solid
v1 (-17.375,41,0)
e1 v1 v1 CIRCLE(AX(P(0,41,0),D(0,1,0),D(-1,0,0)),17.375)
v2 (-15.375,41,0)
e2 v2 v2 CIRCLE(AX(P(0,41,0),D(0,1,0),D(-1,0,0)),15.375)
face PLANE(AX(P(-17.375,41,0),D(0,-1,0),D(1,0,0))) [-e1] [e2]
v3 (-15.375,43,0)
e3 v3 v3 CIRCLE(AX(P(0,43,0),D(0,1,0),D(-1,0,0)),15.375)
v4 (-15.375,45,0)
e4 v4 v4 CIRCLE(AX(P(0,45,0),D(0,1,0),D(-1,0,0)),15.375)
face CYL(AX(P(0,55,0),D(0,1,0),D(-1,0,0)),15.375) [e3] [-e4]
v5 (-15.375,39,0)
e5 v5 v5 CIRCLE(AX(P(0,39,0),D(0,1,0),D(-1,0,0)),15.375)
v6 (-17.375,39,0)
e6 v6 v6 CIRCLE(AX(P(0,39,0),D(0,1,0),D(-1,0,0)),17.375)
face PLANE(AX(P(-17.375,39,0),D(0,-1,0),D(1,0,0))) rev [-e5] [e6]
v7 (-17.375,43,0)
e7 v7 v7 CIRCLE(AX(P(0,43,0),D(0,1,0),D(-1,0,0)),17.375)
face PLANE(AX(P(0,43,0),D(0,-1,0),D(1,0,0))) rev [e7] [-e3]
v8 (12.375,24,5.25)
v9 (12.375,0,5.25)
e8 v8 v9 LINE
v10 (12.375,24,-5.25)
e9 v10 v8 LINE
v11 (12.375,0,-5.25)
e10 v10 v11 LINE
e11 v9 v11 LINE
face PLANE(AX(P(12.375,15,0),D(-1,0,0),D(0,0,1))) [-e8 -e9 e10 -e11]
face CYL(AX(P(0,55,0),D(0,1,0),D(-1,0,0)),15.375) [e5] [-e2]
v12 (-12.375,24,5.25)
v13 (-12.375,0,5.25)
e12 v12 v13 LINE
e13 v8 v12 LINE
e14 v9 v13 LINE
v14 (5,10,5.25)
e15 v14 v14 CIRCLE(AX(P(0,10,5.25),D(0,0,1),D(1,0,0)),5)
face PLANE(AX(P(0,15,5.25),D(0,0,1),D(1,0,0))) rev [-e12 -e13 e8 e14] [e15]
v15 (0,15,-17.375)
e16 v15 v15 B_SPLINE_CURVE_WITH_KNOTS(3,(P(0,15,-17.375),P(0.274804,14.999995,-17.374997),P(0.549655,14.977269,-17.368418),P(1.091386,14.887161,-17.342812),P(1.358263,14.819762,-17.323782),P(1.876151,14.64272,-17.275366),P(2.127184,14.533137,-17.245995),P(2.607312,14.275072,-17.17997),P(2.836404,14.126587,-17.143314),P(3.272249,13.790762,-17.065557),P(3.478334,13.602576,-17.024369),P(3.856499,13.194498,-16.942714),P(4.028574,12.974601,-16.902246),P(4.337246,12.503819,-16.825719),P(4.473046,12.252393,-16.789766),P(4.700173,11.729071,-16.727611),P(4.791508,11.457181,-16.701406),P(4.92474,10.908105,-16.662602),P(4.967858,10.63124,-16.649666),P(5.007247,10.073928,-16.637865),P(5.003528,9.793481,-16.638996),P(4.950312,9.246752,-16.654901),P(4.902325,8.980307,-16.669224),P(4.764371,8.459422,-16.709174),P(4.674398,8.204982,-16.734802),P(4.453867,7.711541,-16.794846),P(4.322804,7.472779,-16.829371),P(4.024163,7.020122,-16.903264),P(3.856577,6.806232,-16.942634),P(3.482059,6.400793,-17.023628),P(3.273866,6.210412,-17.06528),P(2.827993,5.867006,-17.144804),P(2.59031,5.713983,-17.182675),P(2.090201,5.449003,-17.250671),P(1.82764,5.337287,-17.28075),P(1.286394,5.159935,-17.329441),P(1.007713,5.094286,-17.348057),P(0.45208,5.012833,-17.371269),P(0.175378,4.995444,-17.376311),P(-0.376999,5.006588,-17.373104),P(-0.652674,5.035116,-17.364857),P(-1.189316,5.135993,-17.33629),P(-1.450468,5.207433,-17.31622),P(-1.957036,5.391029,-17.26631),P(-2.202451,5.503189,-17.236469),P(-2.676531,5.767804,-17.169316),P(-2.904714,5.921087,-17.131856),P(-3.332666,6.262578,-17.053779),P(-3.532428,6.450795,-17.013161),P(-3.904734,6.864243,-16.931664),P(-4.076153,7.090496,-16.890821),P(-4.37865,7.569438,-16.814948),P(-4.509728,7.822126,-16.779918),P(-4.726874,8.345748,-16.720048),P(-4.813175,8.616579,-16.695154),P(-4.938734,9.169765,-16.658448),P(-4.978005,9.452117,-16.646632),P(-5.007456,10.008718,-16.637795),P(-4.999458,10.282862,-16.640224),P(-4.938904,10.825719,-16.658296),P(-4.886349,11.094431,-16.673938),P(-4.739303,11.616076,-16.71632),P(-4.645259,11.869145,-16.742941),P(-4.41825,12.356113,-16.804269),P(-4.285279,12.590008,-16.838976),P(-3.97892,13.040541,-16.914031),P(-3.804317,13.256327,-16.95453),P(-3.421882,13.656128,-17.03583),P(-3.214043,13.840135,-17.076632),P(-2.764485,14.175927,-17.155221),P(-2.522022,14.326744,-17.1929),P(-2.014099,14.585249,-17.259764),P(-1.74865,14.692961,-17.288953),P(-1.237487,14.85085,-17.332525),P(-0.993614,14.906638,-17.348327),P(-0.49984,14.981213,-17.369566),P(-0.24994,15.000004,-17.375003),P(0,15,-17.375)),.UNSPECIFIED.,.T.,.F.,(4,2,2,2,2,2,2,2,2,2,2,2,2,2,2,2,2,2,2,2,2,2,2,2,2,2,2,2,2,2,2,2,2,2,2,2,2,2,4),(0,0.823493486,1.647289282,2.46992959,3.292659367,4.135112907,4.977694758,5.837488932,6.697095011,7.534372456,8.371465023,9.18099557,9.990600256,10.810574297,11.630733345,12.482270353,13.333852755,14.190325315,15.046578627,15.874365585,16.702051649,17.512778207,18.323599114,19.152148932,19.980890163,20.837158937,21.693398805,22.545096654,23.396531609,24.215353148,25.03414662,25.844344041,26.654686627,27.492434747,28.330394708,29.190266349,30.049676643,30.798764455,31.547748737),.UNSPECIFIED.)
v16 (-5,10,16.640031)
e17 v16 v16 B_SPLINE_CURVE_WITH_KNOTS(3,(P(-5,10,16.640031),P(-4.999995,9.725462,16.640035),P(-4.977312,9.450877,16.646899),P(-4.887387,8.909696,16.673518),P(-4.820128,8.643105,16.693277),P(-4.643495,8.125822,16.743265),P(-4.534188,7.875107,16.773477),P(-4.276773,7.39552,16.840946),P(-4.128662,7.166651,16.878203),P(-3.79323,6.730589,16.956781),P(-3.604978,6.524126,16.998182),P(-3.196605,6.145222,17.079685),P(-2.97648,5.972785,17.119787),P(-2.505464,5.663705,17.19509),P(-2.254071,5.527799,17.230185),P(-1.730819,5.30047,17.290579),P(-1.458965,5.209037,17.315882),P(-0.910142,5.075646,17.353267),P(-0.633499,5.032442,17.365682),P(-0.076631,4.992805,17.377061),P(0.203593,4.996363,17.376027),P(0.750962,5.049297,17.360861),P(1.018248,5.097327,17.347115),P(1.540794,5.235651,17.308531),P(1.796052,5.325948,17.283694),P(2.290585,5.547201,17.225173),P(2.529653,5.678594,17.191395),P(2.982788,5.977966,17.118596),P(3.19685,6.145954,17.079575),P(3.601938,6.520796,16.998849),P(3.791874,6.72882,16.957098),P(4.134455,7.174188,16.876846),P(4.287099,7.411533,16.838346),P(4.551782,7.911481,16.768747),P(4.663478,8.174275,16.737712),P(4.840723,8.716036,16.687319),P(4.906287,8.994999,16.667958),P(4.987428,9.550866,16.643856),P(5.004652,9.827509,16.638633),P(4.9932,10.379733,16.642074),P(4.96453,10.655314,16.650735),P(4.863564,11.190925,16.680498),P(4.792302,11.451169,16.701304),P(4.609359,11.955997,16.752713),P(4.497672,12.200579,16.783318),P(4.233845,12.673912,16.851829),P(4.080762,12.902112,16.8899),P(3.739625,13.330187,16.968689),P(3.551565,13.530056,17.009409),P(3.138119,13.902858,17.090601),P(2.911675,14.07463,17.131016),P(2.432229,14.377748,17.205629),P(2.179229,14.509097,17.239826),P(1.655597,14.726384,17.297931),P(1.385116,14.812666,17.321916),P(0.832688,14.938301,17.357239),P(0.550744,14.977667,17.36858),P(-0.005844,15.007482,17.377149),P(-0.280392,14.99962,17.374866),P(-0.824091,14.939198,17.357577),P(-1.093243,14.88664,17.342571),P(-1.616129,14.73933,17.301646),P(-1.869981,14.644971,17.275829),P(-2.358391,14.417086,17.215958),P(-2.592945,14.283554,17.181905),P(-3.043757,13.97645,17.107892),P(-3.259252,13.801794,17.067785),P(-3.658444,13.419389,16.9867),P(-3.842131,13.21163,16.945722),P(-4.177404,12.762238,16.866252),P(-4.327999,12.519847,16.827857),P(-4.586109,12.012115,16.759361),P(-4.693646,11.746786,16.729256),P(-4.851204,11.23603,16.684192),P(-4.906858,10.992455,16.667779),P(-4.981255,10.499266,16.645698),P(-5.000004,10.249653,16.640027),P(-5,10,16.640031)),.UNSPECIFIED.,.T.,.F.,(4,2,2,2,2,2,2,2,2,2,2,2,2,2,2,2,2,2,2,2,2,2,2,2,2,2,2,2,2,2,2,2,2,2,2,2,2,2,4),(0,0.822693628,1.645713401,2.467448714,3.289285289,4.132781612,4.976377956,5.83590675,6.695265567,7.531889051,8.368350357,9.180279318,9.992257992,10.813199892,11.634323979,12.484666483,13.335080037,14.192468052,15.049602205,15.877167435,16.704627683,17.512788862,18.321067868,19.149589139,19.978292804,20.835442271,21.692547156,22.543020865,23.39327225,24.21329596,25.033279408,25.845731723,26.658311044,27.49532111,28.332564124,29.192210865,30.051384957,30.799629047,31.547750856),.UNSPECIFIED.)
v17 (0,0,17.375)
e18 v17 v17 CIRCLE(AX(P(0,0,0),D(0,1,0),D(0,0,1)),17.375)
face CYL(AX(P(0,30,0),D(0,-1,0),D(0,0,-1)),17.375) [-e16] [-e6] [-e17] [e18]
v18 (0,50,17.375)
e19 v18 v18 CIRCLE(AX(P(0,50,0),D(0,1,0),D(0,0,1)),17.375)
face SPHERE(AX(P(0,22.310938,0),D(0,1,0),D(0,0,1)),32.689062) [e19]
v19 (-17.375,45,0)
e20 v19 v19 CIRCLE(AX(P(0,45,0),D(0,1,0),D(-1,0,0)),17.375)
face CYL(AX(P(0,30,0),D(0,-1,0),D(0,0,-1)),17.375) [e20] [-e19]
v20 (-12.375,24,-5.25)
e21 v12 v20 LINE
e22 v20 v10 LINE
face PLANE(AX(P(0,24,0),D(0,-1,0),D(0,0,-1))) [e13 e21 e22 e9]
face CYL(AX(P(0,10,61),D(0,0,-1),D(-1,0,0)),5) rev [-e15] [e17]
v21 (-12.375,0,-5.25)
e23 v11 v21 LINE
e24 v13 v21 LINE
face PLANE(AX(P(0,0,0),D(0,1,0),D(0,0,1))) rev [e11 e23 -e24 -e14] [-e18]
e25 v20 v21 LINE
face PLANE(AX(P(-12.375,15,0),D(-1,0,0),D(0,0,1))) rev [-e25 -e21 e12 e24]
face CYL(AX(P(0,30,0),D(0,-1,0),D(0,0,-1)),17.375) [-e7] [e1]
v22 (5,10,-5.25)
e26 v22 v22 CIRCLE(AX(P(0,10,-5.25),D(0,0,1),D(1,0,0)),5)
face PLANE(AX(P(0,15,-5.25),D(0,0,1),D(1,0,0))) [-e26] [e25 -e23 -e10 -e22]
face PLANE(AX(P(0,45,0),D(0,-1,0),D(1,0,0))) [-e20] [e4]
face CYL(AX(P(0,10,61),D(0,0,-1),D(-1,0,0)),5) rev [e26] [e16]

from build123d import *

# Parameters (mm, degrees)
SKETCH3_R               = 17.375
BOSS_EXTRUDE1_DEPTH     = 30
SKETCH4_R               = 17.375
BOSS_EXTRUDE2_DEPTH     = 20
CUT_EXTRUDE1_DEPTH      = 61
CUT_EXTRUDE1_DEPTH_BACK = 42
SKETCH5_R               = 5
CUT_EXTRUDE3_DEPTH      = 15
SKETCH13_W              = 24.75
SKETCH13_H              = 10.5
CUT_EXTRUDE4_DEPTH      = 9
DOME1_FACE_RADIUS       = 17.375
DOME1_HEIGHT            = 5
SKETCH16_W              = 2
SKETCH16_H              = 2


with BuildPart() as part:
    # Sketch3 → Boss-Extrude1 (new body)
    with BuildSketch(Plane(origin=(0, 0, 0), x_dir=(1, 0, 0), z_dir=(0, 1, 0))):
        with Locations(Location((0, 0, 0), (0, 0, 270))):
            Circle(SKETCH3_R)
    extrude(amount=BOSS_EXTRUDE1_DEPTH)

    # Sketch4 → Boss-Extrude2 (add)
    with BuildSketch(Plane(origin=(0, 30, 0), x_dir=(1, 0, 0), z_dir=(0, 1, 0))):
        with Locations(Location((0, 0, 0), (0, 0, 270))):
            Circle(SKETCH4_R)
    extrude(amount=BOSS_EXTRUDE2_DEPTH)

    # Sketch5 → Cut-Extrude1 (cut, two sides: drawn at the far end of the back side and taken through both)
    with BuildSketch(Plane.XY.offset(-CUT_EXTRUDE1_DEPTH_BACK)):
        with Locations(Location((0, 10, 0), (0, 0, 90.000000029))):
            Circle(SKETCH5_R)
    extrude(amount=CUT_EXTRUDE1_DEPTH + CUT_EXTRUDE1_DEPTH_BACK, mode=Mode.SUBTRACT)

    # Sketch7 → Cut-Extrude3 (cut)
    with BuildSketch(Plane.XZ):
        Polygon((0, 0), (0, 5.25), (-12.375, 5.25), (-12.375, -5.25), (0, -5.25), align=None)
        Polygon((12.375, 5.25), (0, 5.25), (0, 0), (0, -5.25), (12.375, -5.25), align=None)
    extrude(amount=-CUT_EXTRUDE3_DEPTH, mode=Mode.SUBTRACT)

    # Sketch13 → Cut-Extrude4 (cut)
    with BuildSketch(Plane.XZ.offset(-15)):
        Rectangle(SKETCH13_W, SKETCH13_H)
    extrude(amount=-CUT_EXTRUDE4_DEPTH, mode=Mode.SUBTRACT)

    # Dome1: a dome of height H over a round flat face of radius A is a cap of a sphere of radius (A * A + H * H) / (2 * H)
    dome1_r = (DOME1_FACE_RADIUS * DOME1_FACE_RADIUS + DOME1_HEIGHT * DOME1_HEIGHT) / (2 * DOME1_HEIGHT)
    dome1_base = Plane((0, 50, 0), z_dir=(0, 1, 0))
    with Locations(dome1_base.offset(DOME1_HEIGHT - dome1_r)):
        dome1_ball = Sphere(dome1_r, mode=Mode.PRIVATE)
    add(split(dome1_ball, bisect_by=dome1_base, keep=Keep.TOP, mode=Mode.PRIVATE))

    # Sketch16 → Cut-Revolve2 (revolve, cut)
    with BuildSketch(Plane.XY):
        with Locations((-16.375, 44)):
            Rectangle(SKETCH16_W, SKETCH16_H)
        with Locations((-16.375, 40)):
            Rectangle(SKETCH16_W, SKETCH16_H)
    revolve(axis=Axis((0, 55, 0), (0, -1, 0)), mode=Mode.SUBTRACT)


solid = part.part
